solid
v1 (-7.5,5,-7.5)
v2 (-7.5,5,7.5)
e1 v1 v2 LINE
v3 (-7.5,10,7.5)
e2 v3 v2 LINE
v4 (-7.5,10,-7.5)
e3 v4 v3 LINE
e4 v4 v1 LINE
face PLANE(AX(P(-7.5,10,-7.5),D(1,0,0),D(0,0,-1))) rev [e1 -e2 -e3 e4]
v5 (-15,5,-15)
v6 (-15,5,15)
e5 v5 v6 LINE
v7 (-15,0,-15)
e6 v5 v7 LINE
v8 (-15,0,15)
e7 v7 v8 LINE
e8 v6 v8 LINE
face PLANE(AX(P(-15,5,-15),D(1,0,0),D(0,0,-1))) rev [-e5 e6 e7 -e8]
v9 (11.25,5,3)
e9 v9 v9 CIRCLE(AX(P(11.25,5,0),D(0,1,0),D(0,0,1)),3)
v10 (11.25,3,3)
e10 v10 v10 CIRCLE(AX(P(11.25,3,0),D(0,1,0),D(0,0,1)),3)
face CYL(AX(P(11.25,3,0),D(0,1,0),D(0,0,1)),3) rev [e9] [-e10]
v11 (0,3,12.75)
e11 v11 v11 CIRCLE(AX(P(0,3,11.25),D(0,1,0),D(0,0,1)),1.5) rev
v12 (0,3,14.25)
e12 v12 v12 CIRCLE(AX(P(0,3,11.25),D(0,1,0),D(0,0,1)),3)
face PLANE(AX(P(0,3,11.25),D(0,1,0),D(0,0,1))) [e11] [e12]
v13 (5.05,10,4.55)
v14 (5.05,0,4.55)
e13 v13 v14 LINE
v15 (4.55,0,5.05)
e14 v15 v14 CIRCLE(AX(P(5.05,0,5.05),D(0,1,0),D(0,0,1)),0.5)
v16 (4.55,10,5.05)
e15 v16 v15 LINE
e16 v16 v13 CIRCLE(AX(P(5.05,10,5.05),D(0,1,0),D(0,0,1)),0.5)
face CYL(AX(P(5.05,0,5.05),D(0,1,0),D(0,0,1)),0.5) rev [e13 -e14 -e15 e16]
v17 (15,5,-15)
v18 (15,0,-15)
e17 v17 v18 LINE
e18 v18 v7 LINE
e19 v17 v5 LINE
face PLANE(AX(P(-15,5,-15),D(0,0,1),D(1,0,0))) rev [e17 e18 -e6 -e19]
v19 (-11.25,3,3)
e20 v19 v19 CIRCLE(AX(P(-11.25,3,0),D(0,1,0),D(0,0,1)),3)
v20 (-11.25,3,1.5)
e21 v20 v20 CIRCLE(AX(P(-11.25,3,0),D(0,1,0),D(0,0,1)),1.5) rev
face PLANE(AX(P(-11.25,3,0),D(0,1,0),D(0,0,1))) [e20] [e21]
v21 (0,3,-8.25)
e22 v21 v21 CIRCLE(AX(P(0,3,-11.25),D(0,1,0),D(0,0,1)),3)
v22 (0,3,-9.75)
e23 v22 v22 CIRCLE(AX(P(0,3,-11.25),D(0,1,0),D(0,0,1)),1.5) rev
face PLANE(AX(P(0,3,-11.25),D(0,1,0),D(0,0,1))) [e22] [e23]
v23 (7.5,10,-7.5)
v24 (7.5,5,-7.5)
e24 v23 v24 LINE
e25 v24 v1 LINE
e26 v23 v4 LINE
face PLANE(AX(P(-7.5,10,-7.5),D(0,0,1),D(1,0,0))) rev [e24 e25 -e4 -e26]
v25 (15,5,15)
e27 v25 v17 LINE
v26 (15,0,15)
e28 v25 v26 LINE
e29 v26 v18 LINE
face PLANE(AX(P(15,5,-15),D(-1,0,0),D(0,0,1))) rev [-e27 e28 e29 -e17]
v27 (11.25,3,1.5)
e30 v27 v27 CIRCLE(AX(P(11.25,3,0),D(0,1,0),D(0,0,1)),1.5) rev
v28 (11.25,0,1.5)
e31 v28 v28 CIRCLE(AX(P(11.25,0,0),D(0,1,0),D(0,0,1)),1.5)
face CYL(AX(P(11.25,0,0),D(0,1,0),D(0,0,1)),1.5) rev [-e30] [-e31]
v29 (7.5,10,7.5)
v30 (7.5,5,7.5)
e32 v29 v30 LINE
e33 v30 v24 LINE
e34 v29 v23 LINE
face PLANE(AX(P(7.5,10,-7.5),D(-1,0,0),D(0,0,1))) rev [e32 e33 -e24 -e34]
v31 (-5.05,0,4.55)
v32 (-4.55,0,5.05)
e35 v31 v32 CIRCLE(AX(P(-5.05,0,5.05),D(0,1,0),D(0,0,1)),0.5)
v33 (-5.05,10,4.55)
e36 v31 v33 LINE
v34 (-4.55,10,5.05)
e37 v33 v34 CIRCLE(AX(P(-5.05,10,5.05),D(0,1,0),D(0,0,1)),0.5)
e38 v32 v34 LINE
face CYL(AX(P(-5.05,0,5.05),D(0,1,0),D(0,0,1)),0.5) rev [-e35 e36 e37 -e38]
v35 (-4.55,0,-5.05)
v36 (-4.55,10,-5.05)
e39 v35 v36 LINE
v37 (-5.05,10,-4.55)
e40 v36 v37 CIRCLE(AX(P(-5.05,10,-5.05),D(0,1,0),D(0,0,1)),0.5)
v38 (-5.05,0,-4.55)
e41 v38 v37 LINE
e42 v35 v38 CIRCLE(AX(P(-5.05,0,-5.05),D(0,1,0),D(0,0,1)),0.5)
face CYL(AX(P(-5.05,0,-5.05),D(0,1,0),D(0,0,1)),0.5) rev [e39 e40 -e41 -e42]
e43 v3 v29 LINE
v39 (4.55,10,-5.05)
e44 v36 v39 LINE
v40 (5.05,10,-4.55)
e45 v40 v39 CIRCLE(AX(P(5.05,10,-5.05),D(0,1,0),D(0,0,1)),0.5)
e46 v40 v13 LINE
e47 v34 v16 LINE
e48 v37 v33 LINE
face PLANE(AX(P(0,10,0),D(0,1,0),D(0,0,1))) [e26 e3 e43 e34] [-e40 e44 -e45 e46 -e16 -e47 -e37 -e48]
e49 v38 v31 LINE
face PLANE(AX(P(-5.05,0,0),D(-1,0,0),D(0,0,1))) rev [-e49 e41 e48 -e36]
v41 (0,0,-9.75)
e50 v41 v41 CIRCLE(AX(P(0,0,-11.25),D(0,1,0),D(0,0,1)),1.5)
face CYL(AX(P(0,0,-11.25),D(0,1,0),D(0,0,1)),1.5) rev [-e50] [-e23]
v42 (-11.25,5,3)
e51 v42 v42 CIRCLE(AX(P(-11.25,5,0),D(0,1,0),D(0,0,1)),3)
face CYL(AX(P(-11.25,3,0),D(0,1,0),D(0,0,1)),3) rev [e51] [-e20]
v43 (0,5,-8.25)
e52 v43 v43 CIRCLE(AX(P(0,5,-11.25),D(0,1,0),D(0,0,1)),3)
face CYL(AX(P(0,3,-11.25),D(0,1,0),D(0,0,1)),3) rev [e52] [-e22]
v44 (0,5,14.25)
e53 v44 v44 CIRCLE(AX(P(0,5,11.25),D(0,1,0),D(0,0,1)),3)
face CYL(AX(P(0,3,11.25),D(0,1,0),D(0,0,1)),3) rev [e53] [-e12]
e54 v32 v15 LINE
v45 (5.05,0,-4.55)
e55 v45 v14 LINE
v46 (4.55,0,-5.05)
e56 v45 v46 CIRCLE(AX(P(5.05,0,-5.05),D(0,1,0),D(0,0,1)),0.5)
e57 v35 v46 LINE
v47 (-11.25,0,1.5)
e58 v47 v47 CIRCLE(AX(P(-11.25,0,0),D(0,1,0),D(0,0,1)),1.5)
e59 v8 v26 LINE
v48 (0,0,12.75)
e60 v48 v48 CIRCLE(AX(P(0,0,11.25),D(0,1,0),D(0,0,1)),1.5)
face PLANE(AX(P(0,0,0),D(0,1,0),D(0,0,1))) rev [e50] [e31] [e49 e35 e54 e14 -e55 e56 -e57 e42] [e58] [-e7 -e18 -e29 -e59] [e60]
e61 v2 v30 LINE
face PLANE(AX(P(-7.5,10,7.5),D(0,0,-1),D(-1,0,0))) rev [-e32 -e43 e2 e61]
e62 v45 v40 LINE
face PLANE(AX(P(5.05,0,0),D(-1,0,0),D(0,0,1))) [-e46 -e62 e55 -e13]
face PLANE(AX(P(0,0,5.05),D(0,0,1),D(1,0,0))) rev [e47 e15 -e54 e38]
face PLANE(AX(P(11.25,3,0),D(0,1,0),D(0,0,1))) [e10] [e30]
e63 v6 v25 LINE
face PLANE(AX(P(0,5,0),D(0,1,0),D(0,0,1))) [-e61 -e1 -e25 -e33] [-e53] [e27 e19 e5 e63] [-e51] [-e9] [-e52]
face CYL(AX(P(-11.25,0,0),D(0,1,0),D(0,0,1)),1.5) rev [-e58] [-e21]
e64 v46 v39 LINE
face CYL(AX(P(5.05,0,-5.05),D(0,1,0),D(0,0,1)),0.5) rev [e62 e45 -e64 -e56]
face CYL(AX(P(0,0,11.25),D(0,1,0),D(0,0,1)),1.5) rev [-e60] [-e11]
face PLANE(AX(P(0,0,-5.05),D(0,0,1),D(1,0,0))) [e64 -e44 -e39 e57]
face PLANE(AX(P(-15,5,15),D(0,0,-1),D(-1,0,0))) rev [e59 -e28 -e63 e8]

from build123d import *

# Parameters (mm, degrees)
SKETCH_1_W          = 30
SKETCH_1_H          = 30
EXTRUDE_1_DEPTH     = 5
SKETCH_2_W          = 15
SKETCH_2_H          = 15
EXTRUDE_2_DEPTH     = 5
SKETCH_3_R          = 0.5
SKETCH_3_W          = 10.1
SKETCH_3_H          = 10.1
SKETCH_3_R_2        = 1.5
CUT_EXTRUDE_1_DEPTH = 10
SKETCH_4_R          = 3
CUT_EXTRUDE_2_DEPTH = 2


with BuildPart() as part:
    # 草图1 → 凸台-拉伸1 (new body)
    with BuildSketch(Plane(origin=(0, 0, 0), x_dir=(1, 0, 0), z_dir=(0, 1, 0))):
        Rectangle(SKETCH_1_W, SKETCH_1_H)
    extrude(amount=EXTRUDE_1_DEPTH)

    # 草图2 → 凸台-拉伸2 (add)
    with BuildSketch(Plane(origin=(0, 5, 0), x_dir=(1, 0, 0), z_dir=(0, 1, 0))):
        Rectangle(SKETCH_2_W, SKETCH_2_H)
    extrude(amount=EXTRUDE_2_DEPTH)

    # 草图3 → 切除-拉伸1 (cut)
    with BuildSketch(Plane(origin=(0, 10, 0), x_dir=(1, 0, 0), z_dir=(0, 1, 0))):
        with Locations((5.05, -5.05)):
            Circle(SKETCH_3_R)
        with Locations((5.05, 5.05)):
            Circle(SKETCH_3_R)
        with Locations((-5.05, 5.05)):
            Circle(SKETCH_3_R)
        with Locations((-5.05, -5.05)):
            Circle(SKETCH_3_R)
        Rectangle(SKETCH_3_W, SKETCH_3_H)
        with BuildLine():
            ThreePointArc((5.55, 5.05), (5.05, 5.55), (4.55, 5.05))
            Line((4.55, 5.05), (5.05, 5.05))
            Line((5.05, 5.05), (5.05, 4.55))
            ThreePointArc((5.05, 4.55), (5.403553391, 4.696446609), (5.55, 5.05))
        make_face()
        with BuildLine():
            Line((5.05, 5.05), (4.55, 5.05))
            ThreePointArc((4.55, 5.05), (4.696446609, 4.696446609), (5.05, 4.55))
            Line((5.05, 4.55), (5.05, 5.05))
        make_face()
        with BuildLine():
            ThreePointArc((-4.55, -5.05), (-4.696446609, -4.696446609), (-5.05, -4.55))
            Line((-5.05, -4.55), (-5.05, -5.05))
            Line((-5.05, -5.05), (-4.55, -5.05))
        make_face()
        with BuildLine():
            Line((-5.05, -5.05), (-5.05, -4.55))
            ThreePointArc((-5.05, -4.55), (-5.403553391, -5.403553391), (-4.55, -5.05))
            Line((-4.55, -5.05), (-5.05, -5.05))
        make_face()
        with BuildLine():
            Line((-5.05, 4.55), (-5.05, 5.05))
            Line((-5.05, 5.05), (-4.55, 5.05))
            ThreePointArc((-4.55, 5.05), (-5.403553391, 5.403553391), (-5.05, 4.55))
        make_face()
        with BuildLine():
            Line((-4.55, 5.05), (-5.05, 5.05))
            Line((-5.05, 5.05), (-5.05, 4.55))
            ThreePointArc((-5.05, 4.55), (-4.696446609, 4.696446609), (-4.55, 5.05))
        make_face()
        with BuildLine():
            ThreePointArc((5.55, -5.05), (5.403553391, -4.696446609), (5.05, -4.55))
            Line((5.05, -4.55), (5.05, -5.05))
            Line((5.05, -5.05), (4.55, -5.05))
            ThreePointArc((4.55, -5.05), (5.05, -5.55), (5.55, -5.05))
        make_face()
        with BuildLine():
            Line((5.05, -5.05), (5.05, -4.55))
            ThreePointArc((5.05, -4.55), (4.696446609, -4.696446609), (4.55, -5.05))
            Line((4.55, -5.05), (5.05, -5.05))
        make_face()
        with Locations(Location((-11.25, 0, 0), (0, 0, 270))):
            Circle(SKETCH_3_R_2)
        with Locations(Location((0, 11.25, 0), (0, 0, 270))):
            Circle(SKETCH_3_R_2)
        with Locations(Location((11.25, 0, 0), (0, 0, 270))):
            Circle(SKETCH_3_R_2)
        with Locations(Location((0, -11.25, 0), (0, 0, 270))):
            Circle(SKETCH_3_R_2)
    extrude(amount=-CUT_EXTRUDE_1_DEPTH, mode=Mode.SUBTRACT)

    # 草图4 → 切除-拉伸2 (cut)
    with BuildSketch(Plane(origin=(0, 5, 0), x_dir=(1, 0, 0), z_dir=(0, 1, 0))):
        with Locations(Location((11.25, 0, 0), (0, 0, 270))):
            Circle(SKETCH_4_R)
        with Locations(Location((0, -11.25, 0), (0, 0, 270))):
            Circle(SKETCH_4_R)
        with Locations(Location((-11.25, 0, 0), (0, 0, 270))):
            Circle(SKETCH_4_R)
        with Locations(Location((0, 11.25, 0), (0, 0, 270))):
            Circle(SKETCH_4_R)
    extrude(amount=-CUT_EXTRUDE_2_DEPTH, mode=Mode.SUBTRACT)


solid = part.part
